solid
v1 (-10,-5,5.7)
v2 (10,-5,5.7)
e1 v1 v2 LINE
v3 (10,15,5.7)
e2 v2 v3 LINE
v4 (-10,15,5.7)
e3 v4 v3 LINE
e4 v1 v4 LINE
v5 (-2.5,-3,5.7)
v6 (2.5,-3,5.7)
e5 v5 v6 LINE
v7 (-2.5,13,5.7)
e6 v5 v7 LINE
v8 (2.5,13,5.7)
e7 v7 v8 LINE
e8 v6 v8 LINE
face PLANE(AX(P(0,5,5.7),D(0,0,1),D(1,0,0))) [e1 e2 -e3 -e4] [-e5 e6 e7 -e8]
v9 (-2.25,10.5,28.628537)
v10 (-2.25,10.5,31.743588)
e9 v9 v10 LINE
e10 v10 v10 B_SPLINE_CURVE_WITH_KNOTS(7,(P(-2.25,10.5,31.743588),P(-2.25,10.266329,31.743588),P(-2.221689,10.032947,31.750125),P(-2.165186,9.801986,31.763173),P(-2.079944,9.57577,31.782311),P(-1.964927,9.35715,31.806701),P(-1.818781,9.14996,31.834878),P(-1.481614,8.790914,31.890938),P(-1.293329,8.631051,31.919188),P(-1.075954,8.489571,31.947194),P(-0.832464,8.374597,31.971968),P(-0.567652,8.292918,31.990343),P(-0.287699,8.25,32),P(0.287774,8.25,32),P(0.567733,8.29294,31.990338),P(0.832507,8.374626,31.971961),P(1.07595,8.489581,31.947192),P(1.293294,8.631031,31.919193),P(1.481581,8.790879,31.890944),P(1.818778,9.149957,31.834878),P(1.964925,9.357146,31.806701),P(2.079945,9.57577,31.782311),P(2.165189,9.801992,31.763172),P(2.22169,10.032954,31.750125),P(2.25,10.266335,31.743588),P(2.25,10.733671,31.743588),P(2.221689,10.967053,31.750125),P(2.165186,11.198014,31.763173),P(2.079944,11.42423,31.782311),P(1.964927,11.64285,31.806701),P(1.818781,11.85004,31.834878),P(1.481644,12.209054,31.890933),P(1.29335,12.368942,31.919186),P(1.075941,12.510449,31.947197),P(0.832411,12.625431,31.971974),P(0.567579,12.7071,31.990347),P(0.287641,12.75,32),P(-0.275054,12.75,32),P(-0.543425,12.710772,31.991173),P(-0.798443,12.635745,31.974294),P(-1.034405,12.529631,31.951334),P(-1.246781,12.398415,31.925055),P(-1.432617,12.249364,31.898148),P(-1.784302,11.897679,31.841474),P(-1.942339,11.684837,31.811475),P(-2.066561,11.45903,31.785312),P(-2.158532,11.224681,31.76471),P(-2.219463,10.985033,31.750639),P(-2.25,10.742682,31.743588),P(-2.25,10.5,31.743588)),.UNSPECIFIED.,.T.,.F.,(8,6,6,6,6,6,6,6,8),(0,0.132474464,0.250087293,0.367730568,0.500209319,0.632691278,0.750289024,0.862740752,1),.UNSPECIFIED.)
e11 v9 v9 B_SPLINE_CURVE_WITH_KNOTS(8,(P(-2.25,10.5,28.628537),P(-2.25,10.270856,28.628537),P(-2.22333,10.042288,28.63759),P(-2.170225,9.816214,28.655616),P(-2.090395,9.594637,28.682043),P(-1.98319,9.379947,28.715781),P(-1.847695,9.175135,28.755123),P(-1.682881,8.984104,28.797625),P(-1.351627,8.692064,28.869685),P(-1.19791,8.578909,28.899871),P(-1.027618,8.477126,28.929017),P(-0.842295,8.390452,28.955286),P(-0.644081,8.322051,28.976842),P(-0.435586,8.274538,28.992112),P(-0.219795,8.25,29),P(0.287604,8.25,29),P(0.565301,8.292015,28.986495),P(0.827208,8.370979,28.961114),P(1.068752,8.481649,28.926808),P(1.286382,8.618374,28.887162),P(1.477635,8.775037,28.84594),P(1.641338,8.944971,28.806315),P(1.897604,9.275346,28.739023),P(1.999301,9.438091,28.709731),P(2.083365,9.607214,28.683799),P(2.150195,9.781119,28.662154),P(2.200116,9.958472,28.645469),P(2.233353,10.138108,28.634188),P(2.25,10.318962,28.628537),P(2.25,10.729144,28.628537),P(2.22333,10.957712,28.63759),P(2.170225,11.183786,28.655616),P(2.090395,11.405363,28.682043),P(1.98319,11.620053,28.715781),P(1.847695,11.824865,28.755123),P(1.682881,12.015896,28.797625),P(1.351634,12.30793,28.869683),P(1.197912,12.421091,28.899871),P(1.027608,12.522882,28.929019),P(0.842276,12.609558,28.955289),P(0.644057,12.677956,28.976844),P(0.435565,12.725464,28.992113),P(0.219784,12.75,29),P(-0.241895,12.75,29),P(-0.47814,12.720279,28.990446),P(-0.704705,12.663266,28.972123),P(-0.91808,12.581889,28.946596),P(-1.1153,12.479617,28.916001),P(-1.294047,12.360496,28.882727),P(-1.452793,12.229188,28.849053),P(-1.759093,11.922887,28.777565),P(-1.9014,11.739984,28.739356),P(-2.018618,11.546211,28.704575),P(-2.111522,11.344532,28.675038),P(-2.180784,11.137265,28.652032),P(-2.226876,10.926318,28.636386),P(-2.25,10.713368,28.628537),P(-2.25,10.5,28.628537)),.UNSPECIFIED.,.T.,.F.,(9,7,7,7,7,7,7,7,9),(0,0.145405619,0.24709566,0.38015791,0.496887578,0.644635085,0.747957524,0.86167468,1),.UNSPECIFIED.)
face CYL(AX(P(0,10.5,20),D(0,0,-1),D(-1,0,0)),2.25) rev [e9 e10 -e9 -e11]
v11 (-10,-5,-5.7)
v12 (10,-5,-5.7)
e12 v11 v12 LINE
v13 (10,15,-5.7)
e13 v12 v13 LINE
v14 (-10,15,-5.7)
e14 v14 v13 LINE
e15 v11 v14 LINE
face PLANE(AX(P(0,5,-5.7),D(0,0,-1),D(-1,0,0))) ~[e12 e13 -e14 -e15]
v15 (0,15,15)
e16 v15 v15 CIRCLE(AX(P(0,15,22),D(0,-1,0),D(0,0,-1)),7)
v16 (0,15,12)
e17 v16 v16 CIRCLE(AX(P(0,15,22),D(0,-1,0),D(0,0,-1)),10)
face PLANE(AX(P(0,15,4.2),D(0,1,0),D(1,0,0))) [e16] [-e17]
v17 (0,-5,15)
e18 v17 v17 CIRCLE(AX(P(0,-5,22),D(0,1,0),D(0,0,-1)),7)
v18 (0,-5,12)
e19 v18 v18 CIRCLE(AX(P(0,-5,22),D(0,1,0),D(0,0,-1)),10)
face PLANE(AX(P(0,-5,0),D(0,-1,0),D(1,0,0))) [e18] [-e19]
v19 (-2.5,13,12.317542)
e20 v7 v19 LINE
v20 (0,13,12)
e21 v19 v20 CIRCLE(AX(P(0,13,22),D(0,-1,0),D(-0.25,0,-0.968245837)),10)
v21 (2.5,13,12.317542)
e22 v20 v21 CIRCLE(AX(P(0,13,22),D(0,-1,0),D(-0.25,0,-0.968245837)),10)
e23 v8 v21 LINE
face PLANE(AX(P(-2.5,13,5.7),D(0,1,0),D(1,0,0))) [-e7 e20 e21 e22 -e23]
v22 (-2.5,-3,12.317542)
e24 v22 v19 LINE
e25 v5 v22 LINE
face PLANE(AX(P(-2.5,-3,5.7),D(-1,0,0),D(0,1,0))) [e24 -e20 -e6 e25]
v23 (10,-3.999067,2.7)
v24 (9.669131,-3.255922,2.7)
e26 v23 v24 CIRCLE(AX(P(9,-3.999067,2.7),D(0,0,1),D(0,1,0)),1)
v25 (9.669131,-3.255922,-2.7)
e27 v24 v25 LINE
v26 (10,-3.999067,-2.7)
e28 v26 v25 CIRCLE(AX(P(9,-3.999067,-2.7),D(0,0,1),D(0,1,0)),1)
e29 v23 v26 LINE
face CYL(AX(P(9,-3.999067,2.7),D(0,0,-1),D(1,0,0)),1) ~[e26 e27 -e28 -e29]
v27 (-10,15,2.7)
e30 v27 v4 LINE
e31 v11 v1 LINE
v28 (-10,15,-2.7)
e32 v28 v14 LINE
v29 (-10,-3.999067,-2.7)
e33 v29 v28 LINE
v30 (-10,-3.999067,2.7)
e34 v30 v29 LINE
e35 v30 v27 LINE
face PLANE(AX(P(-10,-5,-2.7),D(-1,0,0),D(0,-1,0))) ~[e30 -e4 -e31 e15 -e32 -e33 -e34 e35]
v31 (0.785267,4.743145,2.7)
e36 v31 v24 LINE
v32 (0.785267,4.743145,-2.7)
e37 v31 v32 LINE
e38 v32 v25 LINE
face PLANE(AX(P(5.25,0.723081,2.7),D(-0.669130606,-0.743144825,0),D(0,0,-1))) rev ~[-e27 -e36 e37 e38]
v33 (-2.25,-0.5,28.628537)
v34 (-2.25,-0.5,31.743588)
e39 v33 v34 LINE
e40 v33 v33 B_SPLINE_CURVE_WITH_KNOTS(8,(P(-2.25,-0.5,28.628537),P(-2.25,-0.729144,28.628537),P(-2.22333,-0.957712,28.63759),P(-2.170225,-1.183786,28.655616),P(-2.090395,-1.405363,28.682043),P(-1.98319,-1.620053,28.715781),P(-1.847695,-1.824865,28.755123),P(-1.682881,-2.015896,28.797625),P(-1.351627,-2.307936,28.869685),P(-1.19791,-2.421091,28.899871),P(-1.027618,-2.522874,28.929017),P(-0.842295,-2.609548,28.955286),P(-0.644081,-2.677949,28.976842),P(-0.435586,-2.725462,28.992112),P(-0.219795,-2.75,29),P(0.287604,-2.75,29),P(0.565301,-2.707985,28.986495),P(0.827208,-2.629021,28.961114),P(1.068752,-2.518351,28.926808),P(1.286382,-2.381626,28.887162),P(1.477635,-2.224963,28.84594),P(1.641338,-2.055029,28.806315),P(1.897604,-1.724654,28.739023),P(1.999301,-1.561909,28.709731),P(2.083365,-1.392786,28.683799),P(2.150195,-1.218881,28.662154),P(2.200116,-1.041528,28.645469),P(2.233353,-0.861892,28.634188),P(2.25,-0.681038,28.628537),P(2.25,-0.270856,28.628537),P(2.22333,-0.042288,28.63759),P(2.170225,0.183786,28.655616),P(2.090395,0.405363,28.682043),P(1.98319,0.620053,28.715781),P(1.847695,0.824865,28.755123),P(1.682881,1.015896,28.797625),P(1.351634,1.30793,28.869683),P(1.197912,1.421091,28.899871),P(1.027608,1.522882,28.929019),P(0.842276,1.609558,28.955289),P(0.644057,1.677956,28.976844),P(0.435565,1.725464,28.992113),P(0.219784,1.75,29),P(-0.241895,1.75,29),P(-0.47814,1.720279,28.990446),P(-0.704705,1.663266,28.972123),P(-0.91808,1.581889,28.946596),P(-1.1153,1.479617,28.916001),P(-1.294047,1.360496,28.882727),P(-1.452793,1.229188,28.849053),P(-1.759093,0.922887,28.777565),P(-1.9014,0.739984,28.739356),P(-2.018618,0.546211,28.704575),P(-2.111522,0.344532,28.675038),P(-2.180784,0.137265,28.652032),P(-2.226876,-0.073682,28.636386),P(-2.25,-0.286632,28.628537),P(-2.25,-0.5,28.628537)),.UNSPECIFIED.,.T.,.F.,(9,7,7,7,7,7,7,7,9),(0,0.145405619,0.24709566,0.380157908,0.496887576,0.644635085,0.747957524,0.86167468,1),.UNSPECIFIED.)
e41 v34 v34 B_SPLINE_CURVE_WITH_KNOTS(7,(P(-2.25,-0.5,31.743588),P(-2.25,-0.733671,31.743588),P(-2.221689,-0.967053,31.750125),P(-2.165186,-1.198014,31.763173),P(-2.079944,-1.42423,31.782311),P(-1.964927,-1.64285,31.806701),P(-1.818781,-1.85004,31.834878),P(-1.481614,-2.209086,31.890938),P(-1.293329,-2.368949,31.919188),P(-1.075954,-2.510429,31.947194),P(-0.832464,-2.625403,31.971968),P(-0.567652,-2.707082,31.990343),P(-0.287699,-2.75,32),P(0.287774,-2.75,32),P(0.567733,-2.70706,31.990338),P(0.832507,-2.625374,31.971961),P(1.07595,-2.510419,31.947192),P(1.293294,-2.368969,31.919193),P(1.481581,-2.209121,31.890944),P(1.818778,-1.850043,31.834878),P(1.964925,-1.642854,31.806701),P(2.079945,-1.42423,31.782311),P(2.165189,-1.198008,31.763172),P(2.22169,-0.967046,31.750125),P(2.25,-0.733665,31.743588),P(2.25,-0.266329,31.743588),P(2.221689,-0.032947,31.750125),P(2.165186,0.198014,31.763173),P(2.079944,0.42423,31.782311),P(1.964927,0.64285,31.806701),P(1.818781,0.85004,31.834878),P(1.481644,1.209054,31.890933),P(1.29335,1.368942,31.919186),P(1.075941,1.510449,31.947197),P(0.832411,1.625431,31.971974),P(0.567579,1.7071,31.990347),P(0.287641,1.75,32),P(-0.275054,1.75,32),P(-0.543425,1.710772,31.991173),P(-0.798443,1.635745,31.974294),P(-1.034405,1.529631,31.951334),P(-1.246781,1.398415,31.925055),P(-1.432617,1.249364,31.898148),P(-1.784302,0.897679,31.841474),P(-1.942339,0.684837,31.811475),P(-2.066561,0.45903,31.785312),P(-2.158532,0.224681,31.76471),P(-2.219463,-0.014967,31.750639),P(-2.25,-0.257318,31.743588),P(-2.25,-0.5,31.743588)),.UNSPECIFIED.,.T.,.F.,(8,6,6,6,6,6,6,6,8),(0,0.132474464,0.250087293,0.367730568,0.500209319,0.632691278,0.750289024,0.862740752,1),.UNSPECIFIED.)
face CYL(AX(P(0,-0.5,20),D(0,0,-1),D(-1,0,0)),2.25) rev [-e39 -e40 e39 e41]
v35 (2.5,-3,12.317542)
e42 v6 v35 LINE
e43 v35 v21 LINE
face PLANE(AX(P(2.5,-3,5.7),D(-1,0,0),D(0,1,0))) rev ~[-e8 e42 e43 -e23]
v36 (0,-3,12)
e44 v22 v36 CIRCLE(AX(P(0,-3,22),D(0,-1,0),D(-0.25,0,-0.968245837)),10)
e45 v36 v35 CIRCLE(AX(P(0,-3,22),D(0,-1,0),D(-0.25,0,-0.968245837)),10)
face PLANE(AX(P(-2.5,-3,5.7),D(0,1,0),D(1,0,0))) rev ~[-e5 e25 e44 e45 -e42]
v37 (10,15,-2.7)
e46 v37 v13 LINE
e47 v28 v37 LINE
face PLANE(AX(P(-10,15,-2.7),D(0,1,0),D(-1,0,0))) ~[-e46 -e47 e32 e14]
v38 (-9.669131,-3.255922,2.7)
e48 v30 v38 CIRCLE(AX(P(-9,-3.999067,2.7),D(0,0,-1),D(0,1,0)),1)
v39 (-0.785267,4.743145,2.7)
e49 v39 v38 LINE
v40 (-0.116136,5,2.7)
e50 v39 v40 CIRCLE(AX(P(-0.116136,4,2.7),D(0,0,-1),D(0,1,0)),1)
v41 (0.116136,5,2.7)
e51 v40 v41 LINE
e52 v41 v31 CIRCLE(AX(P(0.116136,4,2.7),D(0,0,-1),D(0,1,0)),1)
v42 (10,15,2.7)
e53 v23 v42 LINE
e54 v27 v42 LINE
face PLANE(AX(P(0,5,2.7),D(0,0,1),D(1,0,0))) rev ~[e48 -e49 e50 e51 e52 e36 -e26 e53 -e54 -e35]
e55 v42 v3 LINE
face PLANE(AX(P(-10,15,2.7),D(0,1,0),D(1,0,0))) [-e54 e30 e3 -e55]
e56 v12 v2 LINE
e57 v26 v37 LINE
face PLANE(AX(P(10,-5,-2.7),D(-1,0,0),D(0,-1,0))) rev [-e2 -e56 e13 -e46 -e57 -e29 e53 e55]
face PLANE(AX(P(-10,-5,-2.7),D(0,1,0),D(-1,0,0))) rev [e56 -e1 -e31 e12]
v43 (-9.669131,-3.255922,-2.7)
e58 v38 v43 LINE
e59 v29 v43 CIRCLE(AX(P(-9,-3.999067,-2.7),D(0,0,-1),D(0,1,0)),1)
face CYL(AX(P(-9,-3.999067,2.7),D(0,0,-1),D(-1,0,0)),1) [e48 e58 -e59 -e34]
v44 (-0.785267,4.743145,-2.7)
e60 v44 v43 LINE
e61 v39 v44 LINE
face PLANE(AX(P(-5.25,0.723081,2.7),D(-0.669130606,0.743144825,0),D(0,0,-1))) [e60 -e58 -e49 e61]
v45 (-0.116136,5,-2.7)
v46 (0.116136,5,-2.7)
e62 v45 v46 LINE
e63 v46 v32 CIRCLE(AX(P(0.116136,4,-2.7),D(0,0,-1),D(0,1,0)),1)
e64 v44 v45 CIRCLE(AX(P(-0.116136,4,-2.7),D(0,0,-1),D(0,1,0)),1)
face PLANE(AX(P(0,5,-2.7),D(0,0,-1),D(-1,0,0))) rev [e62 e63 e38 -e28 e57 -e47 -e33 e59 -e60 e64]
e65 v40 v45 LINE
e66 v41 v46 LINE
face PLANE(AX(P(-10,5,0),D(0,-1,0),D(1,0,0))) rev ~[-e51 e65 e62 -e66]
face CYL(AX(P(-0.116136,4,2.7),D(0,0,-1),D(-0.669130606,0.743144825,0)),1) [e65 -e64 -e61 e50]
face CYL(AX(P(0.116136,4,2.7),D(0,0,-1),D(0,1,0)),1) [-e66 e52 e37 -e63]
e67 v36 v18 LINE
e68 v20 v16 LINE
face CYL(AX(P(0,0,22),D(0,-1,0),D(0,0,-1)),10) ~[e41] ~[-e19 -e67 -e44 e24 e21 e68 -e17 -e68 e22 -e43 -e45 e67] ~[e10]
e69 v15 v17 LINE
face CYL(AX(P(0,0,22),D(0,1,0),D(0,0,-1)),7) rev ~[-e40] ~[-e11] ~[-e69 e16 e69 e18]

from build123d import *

# Parameters (mm, degrees)
SKETCH2_W                       = 20
SKETCH2_H                       = 10
BOSS_EXTRUDE1_DEPTH             = 2.7
CHAMFER1_SIZE                   = 9.5
CHAMFER1_SIZE2                  = 8.553838421
FILLET3_R                       = 1
SKETCH3_W                       = 20
SKETCH3_H                       = 20
BOSS_EXTRUDE2_DEPTH             = 3
BOSS_EXTRUDE3_REACH             = 20.907
SKETCH6_R                       = 10
SKETCH6_R_2                     = 7
BOSS_EXTRUDE3_DIRECTION_2_REACH = 20.907
BOSS_EXTRUDE4_REACH             = 33.886
BOSS_EXTRUDE4_END_RADIUS        = 10
SKETCH5_W                       = 5
SKETCH5_H                       = 16
CUT_EXTRUDE1_REACH              = 33.393
CUT_EXTRUDE1_END_RADIUS         = 10
SKETCH7_R                       = 2.25


with BuildPart() as part:
    # Sketch2 → Boss-Extrude1 (new, symmetric)
    with BuildSketch(Plane.XY):
        Rectangle(SKETCH2_W, SKETCH2_H)
    extrude(amount=BOSS_EXTRUDE1_DEPTH, both=True)

    # Chamfer1
    chamfer1_edges = [part.edges().sort_by_distance(p)[0] for p in [
        (-10, 5, 0),
        (10, 5, 0),
    ]]
    chamfer1_side = [part.faces().sort_by_distance(p)[0] for p in [
        (0, 5, 0),
    ]]
    chamfer(chamfer1_edges, length=CHAMFER1_SIZE, length2=CHAMFER1_SIZE2, reference=chamfer1_side[0])

    # Fillet3
    fillet3_edges = [part.edges().sort_by_distance(p)[0] for p in [
        (-0.5, 5, 0),
        (0.5, 5, 0),
        (10, -3.553838421, 0),
        (-10, -3.553838421, 0),
    ]]
    fillet(fillet3_edges, radius=FILLET3_R)

    # Sketch3 → Boss-Extrude2 (add)
    with BuildSketch(Plane.XY.offset(2.7)):
        with Locations((0, 5)):
            Rectangle(SKETCH3_W, SKETCH3_H)
    boss_extrude2 = extrude(amount=BOSS_EXTRUDE2_DEPTH)

    # Mirror1: Boss-Extrude2 across plane
    add(boss_extrude2.mirror(Plane.XY))


with BuildPart() as body_2:

    # Boss-Extrude3: up to this face of the body (flat: up to its plane)
    boss_extrude3_end = Plane(part.part.faces().sort_by_distance((0, 15, 4.2))[0])
    # Sketch6 → Boss-Extrude3 (new, up to the picked face)
    with BuildSketch(Plane(origin=(0, 0, 0), x_dir=(1, 0, 0), z_dir=(0, 1, 0)), mode=Mode.PRIVATE) as boss_extrude3_sk1:
        with Locations(Location((0, -22, 0), (0, 0, 90))):
            Circle(SKETCH6_R)
        with Locations(Location((0, -22, 0), (0, 0, 90))):
            Circle(SKETCH6_R_2, mode=Mode.SUBTRACT)
    boss_extrude3_tool1 = split(extrude(boss_extrude3_sk1.sketch, amount=BOSS_EXTRUDE3_REACH, mode=Mode.PRIVATE), bisect_by=boss_extrude3_end, keep=Keep.BOTH, mode=Mode.PRIVATE)
    add(boss_extrude3_tool1.solids().sort_by(Axis((0, 0, 31.717157), (0, 1, 0)))[0])


    # Boss-Extrude3 direction 2: up to this face of the body (flat: up to its plane)
    boss_extrude3_direction_2_end = Plane(part.part.faces().sort_by_distance((0, -5, 0))[0])
    # Sketch6 → Boss-Extrude3 direction 2 (add, up to the picked face)
    with BuildSketch(Plane(origin=(0, 0, 0), x_dir=(1, 0, 0), z_dir=(0, 1, 0)), mode=Mode.PRIVATE) as boss_extrude3_direction_2_sk1:
        with Locations(Location((0, -22, 0), (0, 0, 90))):
            Circle(SKETCH6_R)
        with Locations(Location((0, -22, 0), (0, 0, 90))):
            Circle(SKETCH6_R_2, mode=Mode.SUBTRACT)
    boss_extrude3_direction_2_tool1 = split(extrude(boss_extrude3_direction_2_sk1.sketch, amount=-BOSS_EXTRUDE3_DIRECTION_2_REACH, mode=Mode.PRIVATE), bisect_by=boss_extrude3_direction_2_end, keep=Keep.BOTH, mode=Mode.PRIVATE)
    add(boss_extrude3_direction_2_tool1.solids().sort_by(Axis((0, 0, 31.717157), (0, -1, 0)))[0])


with BuildPart() as part_1:
    add(part.part)

    add(body_2.part)  # Boss-Extrude4 merges body 2
    # Boss-Extrude4: up to this cylinder (the profile starts outside it)
    boss_extrude4_end = Plane(origin=(0, 5, 22), z_dir=(0, -1, 0)) * Cylinder(BOSS_EXTRUDE4_END_RADIUS, 88.772, mode=Mode.PRIVATE)
    # Sketch5 → Boss-Extrude4 (add, up to the surface)
    with BuildSketch(Plane.XY.offset(5.7), mode=Mode.PRIVATE) as boss_extrude4_sk1:
        with Locations((0, 5)):
            Rectangle(SKETCH5_W, SKETCH5_H)
    boss_extrude4_tool1 = extrude(boss_extrude4_sk1.sketch, amount=BOSS_EXTRUDE4_REACH, mode=Mode.PRIVATE) - boss_extrude4_end
    add(boss_extrude4_tool1.solids().sort_by_distance((0, 5, 5.7))[0])

    # Cut-Extrude1: up to this cylinder (the profile starts inside it)
    cut_extrude1_end = Plane(origin=(0, 5, 22), z_dir=(0, -1, 0)) * Cylinder(CUT_EXTRUDE1_END_RADIUS, 98.786, mode=Mode.PRIVATE)
    # Sketch7 → Cut-Extrude1 (cut, up to the surface)
    with BuildSketch(Plane.XY.offset(20), mode=Mode.PRIVATE) as cut_extrude1_sk1:
        with Locations(Location((0, 10.5, 0), (0, 0, 180))):
            Circle(SKETCH7_R)
    cut_extrude1_tool1 = extrude(cut_extrude1_sk1.sketch, amount=CUT_EXTRUDE1_REACH, mode=Mode.PRIVATE) & cut_extrude1_end
    add(cut_extrude1_tool1.solids().sort_by_distance((0, 10.5, 20))[0], mode=Mode.SUBTRACT)
    # Sketch7 → Cut-Extrude1 (cut, up to the surface)
    with BuildSketch(Plane.XY.offset(20), mode=Mode.PRIVATE) as cut_extrude1_sk2:
        with Locations(Location((0, -0.5, 0), (0, 0, 180))):
            Circle(SKETCH7_R)
    cut_extrude1_tool2 = extrude(cut_extrude1_sk2.sketch, amount=CUT_EXTRUDE1_REACH, mode=Mode.PRIVATE) & cut_extrude1_end
    add(cut_extrude1_tool2.solids().sort_by_distance((0, -0.5, 20))[0], mode=Mode.SUBTRACT)


solid = part_1.part
